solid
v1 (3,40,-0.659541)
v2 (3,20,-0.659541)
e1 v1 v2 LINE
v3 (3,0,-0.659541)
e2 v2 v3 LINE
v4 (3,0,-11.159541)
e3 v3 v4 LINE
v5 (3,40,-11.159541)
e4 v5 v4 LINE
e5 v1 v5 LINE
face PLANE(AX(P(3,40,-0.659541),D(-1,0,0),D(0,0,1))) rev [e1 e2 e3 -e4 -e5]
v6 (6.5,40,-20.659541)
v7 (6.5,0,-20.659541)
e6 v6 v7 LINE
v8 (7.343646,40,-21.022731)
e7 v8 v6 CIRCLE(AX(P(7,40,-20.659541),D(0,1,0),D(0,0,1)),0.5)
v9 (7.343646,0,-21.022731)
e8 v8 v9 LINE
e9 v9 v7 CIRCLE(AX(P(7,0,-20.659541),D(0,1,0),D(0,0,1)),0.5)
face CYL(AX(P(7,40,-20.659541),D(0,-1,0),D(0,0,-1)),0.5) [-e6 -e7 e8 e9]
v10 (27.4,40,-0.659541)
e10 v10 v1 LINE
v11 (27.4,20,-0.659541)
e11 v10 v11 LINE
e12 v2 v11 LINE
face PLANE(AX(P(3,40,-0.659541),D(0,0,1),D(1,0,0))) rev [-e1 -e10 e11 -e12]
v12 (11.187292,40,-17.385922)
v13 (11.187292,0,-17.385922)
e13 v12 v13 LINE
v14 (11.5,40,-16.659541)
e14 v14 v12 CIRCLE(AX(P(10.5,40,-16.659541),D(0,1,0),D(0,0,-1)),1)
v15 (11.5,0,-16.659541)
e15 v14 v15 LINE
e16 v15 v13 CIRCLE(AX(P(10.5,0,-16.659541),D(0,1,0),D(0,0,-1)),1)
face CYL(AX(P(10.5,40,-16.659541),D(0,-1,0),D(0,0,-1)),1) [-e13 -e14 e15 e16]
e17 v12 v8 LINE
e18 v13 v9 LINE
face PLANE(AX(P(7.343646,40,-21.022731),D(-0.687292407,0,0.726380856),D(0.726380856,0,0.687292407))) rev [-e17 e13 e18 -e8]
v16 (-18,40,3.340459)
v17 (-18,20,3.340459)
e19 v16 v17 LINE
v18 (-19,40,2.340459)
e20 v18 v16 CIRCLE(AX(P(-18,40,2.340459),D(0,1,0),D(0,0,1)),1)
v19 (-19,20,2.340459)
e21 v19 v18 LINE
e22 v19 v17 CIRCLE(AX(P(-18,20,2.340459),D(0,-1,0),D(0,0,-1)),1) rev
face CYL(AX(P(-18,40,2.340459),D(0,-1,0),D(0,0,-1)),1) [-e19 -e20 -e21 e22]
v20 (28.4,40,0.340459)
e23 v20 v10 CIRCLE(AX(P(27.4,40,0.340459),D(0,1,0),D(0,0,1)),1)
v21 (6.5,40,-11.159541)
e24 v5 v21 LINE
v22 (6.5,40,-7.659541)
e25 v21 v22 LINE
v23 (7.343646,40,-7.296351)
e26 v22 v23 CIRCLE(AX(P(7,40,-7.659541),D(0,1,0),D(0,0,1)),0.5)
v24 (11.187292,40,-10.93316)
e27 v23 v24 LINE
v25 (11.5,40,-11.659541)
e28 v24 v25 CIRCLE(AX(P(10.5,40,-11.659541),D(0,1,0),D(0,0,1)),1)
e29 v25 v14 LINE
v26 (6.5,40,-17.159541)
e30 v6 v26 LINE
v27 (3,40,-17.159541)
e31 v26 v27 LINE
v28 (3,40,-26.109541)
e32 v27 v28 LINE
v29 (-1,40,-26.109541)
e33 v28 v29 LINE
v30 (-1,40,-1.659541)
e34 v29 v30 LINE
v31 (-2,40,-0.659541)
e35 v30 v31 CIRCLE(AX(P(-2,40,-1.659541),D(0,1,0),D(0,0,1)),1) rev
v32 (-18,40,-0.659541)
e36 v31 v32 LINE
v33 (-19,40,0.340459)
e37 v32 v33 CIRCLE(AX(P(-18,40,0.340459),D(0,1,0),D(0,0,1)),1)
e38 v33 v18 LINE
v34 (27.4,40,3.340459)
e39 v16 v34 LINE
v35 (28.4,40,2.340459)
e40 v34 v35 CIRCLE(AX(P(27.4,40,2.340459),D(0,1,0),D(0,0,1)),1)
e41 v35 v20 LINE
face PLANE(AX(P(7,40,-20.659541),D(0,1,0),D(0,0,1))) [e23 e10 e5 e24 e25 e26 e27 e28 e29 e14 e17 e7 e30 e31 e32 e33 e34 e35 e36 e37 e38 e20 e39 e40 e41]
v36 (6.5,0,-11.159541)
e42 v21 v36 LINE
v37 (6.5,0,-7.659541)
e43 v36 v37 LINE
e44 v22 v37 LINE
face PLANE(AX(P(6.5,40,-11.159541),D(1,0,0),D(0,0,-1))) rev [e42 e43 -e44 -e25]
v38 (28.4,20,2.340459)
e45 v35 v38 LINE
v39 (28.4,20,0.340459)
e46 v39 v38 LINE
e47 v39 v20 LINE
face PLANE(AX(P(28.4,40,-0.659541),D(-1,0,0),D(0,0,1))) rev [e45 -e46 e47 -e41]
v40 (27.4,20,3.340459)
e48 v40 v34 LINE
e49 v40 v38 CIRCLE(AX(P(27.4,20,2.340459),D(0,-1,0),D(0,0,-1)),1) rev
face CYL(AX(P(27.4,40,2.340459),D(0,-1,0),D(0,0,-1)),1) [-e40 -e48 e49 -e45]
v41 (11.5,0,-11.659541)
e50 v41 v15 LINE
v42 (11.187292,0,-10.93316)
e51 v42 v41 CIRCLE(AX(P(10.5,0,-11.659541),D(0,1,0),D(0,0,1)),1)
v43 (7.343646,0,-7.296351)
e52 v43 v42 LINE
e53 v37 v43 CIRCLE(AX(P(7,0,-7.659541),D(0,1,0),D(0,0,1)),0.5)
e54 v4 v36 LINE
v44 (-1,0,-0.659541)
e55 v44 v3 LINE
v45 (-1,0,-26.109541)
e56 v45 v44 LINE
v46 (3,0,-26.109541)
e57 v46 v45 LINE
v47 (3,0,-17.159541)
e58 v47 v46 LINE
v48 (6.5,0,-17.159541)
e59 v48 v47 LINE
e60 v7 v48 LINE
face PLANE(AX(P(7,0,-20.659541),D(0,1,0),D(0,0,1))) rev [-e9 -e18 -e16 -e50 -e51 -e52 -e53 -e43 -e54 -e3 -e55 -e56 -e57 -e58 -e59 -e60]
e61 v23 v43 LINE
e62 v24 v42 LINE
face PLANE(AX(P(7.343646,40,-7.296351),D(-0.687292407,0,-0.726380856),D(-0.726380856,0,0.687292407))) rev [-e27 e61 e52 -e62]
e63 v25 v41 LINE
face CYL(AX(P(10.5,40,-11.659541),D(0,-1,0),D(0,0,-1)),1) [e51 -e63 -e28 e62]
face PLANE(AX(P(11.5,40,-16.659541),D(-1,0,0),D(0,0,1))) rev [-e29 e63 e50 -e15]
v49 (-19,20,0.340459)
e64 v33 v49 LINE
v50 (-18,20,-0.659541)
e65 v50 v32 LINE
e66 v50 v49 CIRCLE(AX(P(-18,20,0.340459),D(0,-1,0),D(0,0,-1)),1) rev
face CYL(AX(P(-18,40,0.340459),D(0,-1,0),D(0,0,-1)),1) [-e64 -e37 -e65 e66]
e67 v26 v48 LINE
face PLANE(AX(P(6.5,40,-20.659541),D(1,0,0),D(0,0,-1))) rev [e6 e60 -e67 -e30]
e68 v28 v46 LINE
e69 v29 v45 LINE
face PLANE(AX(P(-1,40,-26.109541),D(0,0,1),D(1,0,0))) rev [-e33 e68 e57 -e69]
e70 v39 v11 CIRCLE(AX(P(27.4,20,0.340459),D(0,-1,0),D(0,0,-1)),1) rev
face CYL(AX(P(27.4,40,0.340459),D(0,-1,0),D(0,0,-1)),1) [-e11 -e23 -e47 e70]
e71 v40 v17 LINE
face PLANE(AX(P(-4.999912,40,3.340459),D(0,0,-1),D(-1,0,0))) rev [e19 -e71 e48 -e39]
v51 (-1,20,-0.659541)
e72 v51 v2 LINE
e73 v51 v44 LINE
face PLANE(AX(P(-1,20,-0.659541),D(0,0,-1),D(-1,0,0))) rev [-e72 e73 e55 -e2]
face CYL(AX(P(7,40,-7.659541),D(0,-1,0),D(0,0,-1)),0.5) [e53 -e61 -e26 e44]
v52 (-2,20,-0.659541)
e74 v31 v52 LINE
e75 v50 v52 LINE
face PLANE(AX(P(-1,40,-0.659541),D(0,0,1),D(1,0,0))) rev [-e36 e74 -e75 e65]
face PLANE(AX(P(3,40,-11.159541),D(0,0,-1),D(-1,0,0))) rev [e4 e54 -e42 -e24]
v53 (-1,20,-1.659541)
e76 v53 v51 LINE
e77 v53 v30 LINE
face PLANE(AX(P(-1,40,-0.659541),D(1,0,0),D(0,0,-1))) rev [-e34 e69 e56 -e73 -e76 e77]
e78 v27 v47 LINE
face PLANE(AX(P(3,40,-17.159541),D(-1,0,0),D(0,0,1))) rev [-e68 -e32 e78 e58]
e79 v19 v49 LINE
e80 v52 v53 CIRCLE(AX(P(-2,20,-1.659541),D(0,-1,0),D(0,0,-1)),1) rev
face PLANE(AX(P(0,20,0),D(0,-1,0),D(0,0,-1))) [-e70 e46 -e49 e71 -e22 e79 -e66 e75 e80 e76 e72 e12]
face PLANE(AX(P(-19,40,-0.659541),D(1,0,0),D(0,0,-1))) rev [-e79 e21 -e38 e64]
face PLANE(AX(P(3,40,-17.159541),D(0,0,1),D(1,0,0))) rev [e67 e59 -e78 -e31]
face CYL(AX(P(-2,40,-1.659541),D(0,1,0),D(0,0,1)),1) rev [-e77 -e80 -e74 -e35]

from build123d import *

# Parameters (mm, degrees)
MAIN_EXTRUDE_DEPTH = 40
FILLET1_R          = 1
FILLET2_R          = 1
FILLET3_R          = 1
CUT_EXTRUDE1_DEPTH = 20


with BuildPart() as part:
    # Sketch1 → Main-Extrude (new body)
    with BuildSketch(Plane(origin=(0, 0, 0), x_dir=(1, 0, 0), z_dir=(0, 1, 0))):
        with BuildLine():
            Line((6.5, 11.159541063), (6.5, 7.659541063))
            ThreePointArc((6.5, 7.659541063), (6.80229201, 7.200289987), (7.343646203, 7.296350635))
            Line((7.343646203, 7.296350635), (11.187292407, 10.933160207))
            ThreePointArc((11.187292407, 10.933160207), (11.418502152, 11.264125084), (11.5, 11.659541063))
            Line((11.5, 11.659541063), (11.5, 16.659541063))
            ThreePointArc((11.5, 16.659541063), (11.418502152, 17.054957042), (11.187292407, 17.385921919))
            Line((11.187292407, 17.385921919), (7.343646203, 21.022731491))
            ThreePointArc((7.343646203, 21.022731491), (6.80229201, 21.118792139), (6.5, 20.659541063))
            Line((6.5, 20.659541063), (6.5, 17.159541063))
            Line((6.5, 17.159541063), (3, 17.159541063))
            Line((3, 17.159541063), (3, 26.109541063))
            Line((3, 26.109541063), (-1, 26.109541063))
            Line((-1, 26.109541063), (-1, 0.659541063))
            Line((-1, 0.659541063), (-19, 0.659541063))
            Line((-19, 0.659541063), (-19, -3.340458937))
            Line((-19, -3.340458937), (-4.999912017, -3.340458937))
            Line((-4.999912017, -3.340458937), (28.4, -3.340458937))
            Line((28.4, -3.340458937), (28.4, 0.659541063))
            Line((28.4, 0.659541063), (3, 0.659541063))
            Line((3, 0.659541063), (3, 11.159541063))
            Line((3, 11.159541063), (6.5, 11.159541063))
        make_face()
    extrude(amount=MAIN_EXTRUDE_DEPTH)

    # Fillet1
    fillet1_edges = [part.edges().sort_by_distance(p)[0] for p in [
        (28.4, 20, 3.340458937),
        (-19, 20, 3.340458937),
        (28.4, 20, -0.659541063),
    ]]
    fillet(fillet1_edges, radius=FILLET1_R)

    # Fillet2
    fillet2_edges = [part.edges().sort_by_distance(p)[0] for p in [
        (-19, 20, -0.659541063),
    ]]
    fillet(fillet2_edges, radius=FILLET2_R)

    # Fillet3
    fillet3_edges = [part.edges().sort_by_distance(p)[0] for p in [
        (-1, 20, -0.659541063),
    ]]
    fillet(fillet3_edges, radius=FILLET3_R)

    # Sketch5 → Cut-Extrude1 (cut)
    with BuildSketch(Plane.XZ):
        Polygon((-19, -0.659541063), (-4.518354444, -0.659541063), (-4.518354444, -5.516455238), (-1, -5.516455238), (-1, -0.659541063), (3, -0.659541063), (3, -5.516455238), (6.594635696, -5.516455238), (6.594635696, -0.659541063), (28.4, -0.659541063), (28.4, 3.340458937), (-19, 3.340458937), align=None)
    extrude(amount=-CUT_EXTRUDE1_DEPTH, mode=Mode.SUBTRACT)


solid = part.part
